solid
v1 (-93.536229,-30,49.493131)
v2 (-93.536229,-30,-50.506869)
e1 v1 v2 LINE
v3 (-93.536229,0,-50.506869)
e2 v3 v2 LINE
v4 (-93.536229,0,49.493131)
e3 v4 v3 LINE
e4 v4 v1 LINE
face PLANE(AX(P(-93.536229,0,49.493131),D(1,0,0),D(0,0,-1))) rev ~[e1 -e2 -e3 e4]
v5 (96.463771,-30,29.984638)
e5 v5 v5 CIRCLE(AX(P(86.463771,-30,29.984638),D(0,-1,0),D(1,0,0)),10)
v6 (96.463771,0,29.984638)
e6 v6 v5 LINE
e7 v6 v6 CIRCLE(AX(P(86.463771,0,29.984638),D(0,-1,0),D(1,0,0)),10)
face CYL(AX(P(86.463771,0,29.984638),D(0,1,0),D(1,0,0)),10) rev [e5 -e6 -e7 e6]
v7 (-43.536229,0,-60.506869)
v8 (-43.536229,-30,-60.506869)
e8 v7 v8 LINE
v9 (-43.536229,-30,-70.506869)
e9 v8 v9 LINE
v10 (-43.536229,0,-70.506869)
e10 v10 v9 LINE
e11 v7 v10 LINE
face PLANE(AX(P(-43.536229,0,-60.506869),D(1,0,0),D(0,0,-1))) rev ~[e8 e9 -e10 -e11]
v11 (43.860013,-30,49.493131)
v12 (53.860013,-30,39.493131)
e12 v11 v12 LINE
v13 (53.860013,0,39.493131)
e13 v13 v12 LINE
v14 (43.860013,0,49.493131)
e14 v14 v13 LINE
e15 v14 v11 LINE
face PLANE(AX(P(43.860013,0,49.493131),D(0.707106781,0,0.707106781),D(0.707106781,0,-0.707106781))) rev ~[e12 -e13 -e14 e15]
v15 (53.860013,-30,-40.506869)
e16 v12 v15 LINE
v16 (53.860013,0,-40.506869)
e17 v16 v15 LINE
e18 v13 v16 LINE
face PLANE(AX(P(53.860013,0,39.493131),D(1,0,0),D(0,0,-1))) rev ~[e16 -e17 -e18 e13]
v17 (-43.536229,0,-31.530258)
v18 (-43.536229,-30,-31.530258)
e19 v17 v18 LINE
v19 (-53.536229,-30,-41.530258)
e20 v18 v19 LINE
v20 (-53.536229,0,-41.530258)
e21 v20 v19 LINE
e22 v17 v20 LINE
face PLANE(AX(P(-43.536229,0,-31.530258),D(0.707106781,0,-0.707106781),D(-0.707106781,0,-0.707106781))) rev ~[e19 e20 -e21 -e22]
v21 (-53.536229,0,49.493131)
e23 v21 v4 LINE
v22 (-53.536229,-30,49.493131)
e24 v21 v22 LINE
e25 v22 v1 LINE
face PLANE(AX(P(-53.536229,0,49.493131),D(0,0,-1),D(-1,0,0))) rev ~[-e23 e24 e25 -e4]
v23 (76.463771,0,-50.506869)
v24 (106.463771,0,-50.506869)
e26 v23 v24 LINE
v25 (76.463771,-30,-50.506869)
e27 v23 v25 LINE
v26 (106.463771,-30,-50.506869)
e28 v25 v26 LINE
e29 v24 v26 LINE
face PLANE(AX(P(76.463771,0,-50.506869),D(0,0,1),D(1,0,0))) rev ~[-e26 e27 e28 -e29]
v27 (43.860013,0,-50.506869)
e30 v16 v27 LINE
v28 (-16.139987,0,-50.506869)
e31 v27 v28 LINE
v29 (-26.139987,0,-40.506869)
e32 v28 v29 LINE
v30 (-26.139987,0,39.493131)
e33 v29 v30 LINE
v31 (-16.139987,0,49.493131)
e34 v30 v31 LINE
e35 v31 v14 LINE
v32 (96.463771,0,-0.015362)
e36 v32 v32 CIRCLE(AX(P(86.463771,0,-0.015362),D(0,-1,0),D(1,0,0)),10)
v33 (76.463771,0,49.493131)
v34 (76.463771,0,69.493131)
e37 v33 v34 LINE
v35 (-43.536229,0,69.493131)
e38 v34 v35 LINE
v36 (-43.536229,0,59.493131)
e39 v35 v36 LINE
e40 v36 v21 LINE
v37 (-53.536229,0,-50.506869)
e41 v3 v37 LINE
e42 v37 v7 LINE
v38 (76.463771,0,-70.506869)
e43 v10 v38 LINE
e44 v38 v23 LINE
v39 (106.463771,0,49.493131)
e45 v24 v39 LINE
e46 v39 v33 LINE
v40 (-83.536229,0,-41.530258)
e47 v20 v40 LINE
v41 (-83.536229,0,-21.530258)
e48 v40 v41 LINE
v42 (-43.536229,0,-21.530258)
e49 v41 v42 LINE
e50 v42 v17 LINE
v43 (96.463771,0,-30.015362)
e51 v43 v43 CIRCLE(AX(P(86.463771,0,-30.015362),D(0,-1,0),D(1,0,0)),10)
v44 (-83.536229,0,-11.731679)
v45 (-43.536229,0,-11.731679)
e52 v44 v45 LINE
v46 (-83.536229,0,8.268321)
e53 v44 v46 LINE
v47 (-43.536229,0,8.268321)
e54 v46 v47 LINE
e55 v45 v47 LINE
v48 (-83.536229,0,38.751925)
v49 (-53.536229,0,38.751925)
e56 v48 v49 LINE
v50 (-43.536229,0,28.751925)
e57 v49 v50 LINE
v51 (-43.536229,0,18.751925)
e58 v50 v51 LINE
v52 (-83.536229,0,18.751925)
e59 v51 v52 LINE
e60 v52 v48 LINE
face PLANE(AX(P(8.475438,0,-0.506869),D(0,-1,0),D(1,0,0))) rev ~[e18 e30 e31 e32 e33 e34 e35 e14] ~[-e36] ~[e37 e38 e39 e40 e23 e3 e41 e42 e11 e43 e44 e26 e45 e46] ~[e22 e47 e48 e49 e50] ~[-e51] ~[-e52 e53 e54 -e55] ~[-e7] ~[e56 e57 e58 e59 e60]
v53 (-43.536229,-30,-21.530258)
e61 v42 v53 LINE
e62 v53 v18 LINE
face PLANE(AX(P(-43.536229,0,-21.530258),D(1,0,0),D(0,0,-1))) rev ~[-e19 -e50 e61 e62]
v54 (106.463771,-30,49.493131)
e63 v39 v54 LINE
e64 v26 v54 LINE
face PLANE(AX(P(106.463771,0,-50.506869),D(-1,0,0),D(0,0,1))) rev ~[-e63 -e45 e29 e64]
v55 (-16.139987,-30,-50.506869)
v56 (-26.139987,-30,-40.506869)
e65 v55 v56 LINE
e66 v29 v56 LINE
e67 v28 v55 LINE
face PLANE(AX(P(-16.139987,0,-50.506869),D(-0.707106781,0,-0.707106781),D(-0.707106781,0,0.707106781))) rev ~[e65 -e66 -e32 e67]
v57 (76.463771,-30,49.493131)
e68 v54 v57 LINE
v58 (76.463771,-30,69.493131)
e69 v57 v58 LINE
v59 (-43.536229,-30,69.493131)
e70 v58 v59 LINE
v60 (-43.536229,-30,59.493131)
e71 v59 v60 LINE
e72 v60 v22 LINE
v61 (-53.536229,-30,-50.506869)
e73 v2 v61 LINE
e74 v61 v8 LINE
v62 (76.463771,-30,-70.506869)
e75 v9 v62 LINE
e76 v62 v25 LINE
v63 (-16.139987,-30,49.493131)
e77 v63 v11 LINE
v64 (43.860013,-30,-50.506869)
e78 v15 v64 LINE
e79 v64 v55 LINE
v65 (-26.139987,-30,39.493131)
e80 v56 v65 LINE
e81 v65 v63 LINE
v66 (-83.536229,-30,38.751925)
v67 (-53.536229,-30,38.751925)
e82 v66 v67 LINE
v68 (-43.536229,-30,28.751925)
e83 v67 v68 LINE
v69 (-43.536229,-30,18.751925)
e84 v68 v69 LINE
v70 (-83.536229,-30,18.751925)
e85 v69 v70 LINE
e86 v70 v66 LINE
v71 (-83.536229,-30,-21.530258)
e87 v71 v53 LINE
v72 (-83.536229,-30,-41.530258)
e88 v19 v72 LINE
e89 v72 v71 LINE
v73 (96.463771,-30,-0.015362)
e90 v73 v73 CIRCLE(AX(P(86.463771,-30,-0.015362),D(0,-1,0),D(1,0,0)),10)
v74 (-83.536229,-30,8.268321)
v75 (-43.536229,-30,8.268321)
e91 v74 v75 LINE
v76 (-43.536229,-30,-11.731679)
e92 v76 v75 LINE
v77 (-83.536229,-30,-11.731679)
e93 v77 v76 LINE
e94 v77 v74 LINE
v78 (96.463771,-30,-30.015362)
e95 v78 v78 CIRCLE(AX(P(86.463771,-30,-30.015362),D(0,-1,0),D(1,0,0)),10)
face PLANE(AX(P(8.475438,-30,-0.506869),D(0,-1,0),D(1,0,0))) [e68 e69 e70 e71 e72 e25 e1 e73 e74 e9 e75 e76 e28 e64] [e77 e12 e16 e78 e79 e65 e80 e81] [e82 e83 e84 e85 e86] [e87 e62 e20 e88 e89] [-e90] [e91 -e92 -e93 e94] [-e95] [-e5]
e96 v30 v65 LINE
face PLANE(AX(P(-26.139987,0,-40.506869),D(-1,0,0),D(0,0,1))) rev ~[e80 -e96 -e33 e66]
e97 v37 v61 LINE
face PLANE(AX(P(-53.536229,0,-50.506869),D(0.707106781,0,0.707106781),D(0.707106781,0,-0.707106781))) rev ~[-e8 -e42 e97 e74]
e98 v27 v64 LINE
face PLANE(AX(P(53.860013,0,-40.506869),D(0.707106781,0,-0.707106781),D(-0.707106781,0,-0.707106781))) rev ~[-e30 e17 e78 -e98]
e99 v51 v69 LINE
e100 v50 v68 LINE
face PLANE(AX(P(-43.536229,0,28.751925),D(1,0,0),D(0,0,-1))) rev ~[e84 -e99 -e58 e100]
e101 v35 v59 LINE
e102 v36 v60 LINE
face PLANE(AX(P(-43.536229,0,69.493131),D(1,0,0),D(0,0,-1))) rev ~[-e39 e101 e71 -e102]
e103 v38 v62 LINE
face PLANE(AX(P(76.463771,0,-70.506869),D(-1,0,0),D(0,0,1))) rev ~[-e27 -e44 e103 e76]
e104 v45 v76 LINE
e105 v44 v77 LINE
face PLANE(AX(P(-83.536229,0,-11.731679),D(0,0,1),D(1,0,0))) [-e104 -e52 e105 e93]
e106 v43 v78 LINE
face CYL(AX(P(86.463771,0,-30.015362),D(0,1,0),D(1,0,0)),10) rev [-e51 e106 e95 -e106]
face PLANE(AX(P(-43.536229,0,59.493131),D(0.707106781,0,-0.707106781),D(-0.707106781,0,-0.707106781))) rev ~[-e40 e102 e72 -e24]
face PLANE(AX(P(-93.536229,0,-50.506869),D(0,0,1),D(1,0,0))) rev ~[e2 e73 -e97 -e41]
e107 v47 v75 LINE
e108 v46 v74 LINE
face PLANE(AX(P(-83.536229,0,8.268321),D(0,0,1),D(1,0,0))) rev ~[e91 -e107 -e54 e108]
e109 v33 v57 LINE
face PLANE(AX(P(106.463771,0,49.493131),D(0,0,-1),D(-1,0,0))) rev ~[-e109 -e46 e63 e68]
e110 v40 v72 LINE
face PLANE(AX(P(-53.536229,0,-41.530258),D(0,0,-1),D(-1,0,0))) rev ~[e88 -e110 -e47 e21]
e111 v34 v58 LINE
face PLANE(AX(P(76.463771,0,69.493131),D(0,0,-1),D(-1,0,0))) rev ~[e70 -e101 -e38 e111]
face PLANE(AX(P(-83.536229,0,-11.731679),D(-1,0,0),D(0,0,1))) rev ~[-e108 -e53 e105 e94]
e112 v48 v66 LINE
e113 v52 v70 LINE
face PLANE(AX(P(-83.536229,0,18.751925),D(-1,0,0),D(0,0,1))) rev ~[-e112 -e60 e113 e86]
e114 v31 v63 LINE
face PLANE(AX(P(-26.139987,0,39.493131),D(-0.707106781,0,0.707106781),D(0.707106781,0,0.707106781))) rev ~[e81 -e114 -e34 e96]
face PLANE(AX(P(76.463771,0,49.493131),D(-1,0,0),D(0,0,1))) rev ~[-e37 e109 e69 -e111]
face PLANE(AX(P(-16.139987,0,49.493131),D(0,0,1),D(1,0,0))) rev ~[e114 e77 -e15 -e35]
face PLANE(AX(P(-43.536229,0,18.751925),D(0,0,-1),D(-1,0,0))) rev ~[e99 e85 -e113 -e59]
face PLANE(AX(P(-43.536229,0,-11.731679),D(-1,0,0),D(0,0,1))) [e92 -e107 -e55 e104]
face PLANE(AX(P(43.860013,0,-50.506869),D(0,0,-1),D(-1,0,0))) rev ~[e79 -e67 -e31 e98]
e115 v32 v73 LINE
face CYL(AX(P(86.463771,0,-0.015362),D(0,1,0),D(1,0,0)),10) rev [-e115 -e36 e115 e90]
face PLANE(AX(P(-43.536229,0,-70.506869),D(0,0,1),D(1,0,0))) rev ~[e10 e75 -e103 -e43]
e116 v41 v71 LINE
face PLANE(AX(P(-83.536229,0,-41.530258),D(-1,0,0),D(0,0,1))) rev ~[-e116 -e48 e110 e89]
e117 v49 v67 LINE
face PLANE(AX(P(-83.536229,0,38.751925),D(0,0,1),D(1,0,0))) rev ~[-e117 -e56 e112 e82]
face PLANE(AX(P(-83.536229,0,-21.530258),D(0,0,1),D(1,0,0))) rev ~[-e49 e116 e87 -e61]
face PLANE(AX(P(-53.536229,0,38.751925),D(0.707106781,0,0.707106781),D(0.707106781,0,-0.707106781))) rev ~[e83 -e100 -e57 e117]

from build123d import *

# Parameters (mm, degrees)
F0_W     = 40
F0_H     = 20
F0_R     = 10
F1_DEPTH = 30


with BuildPart() as f1:
    # F0 (on Front) → F1 (new body)
    with BuildSketch(Plane.XZ):
        Polygon((-43.536229, -70.506869), (-33.536229, -70.506869), (66.463771, -70.506869), (76.463771, -70.506869), (76.463771, -60.506869), (76.463771, -50.506869), (86.463771, -50.506869), (96.463771, -50.506869), (106.463771, -50.506869), (106.463771, -40.506869), (106.463771, 39.493131), (106.463771, 49.493131), (96.463771, 49.493131), (86.463771, 49.493131), (76.463771, 49.493131), (76.463771, 59.493131), (76.463771, 69.493131), (66.463771, 69.493131), (-33.536229, 69.493131), (-43.536229, 69.493131), (-43.536229, 59.493131), (-53.536229, 49.493131), (-83.536229, 49.493131), (-93.536229, 49.493131), (-93.536229, 39.493131), (-93.536229, -40.506869), (-93.536229, -50.506869), (-83.536229, -50.506869), (-53.536229, -50.506869), (-43.536229, -60.506869), align=None)
        Polygon((-83.536229, -41.530258), (-83.536229, -21.530258), (-43.536229, -21.530258), (-43.536229, -31.530258), (-53.536229, -41.530258), align=None, mode=Mode.SUBTRACT)
        with Locations((-63.536229, -1.731679)):
            Rectangle(F0_W, F0_H, mode=Mode.SUBTRACT)
        with Locations((86.463771, -30.015362)):
            Circle(F0_R, mode=Mode.SUBTRACT)
        Polygon((-83.536229, 18.751925), (-83.536229, 38.751925), (-53.536229, 38.751925), (-43.536229, 28.751925), (-43.536229, 18.751925), align=None, mode=Mode.SUBTRACT)
        Polygon((-26.139987, 39.493131), (-16.139987, 49.493131), (43.860013, 49.493131), (53.860013, 39.493131), (53.860013, 24.493131), (53.860013, -0.506869), (53.860013, -40.506869), (43.860013, -50.506869), (-16.139987, -50.506869), (-26.139987, -40.506869), (-26.139987, -0.506869), (-26.139987, 24.493131), align=None, mode=Mode.SUBTRACT)
        with Locations((86.463771, -0.015362)):
            Circle(F0_R, mode=Mode.SUBTRACT)
        with Locations((86.463771, 29.984638)):
            Circle(F0_R, mode=Mode.SUBTRACT)
    extrude(amount=F1_DEPTH)


solid = f1.part
